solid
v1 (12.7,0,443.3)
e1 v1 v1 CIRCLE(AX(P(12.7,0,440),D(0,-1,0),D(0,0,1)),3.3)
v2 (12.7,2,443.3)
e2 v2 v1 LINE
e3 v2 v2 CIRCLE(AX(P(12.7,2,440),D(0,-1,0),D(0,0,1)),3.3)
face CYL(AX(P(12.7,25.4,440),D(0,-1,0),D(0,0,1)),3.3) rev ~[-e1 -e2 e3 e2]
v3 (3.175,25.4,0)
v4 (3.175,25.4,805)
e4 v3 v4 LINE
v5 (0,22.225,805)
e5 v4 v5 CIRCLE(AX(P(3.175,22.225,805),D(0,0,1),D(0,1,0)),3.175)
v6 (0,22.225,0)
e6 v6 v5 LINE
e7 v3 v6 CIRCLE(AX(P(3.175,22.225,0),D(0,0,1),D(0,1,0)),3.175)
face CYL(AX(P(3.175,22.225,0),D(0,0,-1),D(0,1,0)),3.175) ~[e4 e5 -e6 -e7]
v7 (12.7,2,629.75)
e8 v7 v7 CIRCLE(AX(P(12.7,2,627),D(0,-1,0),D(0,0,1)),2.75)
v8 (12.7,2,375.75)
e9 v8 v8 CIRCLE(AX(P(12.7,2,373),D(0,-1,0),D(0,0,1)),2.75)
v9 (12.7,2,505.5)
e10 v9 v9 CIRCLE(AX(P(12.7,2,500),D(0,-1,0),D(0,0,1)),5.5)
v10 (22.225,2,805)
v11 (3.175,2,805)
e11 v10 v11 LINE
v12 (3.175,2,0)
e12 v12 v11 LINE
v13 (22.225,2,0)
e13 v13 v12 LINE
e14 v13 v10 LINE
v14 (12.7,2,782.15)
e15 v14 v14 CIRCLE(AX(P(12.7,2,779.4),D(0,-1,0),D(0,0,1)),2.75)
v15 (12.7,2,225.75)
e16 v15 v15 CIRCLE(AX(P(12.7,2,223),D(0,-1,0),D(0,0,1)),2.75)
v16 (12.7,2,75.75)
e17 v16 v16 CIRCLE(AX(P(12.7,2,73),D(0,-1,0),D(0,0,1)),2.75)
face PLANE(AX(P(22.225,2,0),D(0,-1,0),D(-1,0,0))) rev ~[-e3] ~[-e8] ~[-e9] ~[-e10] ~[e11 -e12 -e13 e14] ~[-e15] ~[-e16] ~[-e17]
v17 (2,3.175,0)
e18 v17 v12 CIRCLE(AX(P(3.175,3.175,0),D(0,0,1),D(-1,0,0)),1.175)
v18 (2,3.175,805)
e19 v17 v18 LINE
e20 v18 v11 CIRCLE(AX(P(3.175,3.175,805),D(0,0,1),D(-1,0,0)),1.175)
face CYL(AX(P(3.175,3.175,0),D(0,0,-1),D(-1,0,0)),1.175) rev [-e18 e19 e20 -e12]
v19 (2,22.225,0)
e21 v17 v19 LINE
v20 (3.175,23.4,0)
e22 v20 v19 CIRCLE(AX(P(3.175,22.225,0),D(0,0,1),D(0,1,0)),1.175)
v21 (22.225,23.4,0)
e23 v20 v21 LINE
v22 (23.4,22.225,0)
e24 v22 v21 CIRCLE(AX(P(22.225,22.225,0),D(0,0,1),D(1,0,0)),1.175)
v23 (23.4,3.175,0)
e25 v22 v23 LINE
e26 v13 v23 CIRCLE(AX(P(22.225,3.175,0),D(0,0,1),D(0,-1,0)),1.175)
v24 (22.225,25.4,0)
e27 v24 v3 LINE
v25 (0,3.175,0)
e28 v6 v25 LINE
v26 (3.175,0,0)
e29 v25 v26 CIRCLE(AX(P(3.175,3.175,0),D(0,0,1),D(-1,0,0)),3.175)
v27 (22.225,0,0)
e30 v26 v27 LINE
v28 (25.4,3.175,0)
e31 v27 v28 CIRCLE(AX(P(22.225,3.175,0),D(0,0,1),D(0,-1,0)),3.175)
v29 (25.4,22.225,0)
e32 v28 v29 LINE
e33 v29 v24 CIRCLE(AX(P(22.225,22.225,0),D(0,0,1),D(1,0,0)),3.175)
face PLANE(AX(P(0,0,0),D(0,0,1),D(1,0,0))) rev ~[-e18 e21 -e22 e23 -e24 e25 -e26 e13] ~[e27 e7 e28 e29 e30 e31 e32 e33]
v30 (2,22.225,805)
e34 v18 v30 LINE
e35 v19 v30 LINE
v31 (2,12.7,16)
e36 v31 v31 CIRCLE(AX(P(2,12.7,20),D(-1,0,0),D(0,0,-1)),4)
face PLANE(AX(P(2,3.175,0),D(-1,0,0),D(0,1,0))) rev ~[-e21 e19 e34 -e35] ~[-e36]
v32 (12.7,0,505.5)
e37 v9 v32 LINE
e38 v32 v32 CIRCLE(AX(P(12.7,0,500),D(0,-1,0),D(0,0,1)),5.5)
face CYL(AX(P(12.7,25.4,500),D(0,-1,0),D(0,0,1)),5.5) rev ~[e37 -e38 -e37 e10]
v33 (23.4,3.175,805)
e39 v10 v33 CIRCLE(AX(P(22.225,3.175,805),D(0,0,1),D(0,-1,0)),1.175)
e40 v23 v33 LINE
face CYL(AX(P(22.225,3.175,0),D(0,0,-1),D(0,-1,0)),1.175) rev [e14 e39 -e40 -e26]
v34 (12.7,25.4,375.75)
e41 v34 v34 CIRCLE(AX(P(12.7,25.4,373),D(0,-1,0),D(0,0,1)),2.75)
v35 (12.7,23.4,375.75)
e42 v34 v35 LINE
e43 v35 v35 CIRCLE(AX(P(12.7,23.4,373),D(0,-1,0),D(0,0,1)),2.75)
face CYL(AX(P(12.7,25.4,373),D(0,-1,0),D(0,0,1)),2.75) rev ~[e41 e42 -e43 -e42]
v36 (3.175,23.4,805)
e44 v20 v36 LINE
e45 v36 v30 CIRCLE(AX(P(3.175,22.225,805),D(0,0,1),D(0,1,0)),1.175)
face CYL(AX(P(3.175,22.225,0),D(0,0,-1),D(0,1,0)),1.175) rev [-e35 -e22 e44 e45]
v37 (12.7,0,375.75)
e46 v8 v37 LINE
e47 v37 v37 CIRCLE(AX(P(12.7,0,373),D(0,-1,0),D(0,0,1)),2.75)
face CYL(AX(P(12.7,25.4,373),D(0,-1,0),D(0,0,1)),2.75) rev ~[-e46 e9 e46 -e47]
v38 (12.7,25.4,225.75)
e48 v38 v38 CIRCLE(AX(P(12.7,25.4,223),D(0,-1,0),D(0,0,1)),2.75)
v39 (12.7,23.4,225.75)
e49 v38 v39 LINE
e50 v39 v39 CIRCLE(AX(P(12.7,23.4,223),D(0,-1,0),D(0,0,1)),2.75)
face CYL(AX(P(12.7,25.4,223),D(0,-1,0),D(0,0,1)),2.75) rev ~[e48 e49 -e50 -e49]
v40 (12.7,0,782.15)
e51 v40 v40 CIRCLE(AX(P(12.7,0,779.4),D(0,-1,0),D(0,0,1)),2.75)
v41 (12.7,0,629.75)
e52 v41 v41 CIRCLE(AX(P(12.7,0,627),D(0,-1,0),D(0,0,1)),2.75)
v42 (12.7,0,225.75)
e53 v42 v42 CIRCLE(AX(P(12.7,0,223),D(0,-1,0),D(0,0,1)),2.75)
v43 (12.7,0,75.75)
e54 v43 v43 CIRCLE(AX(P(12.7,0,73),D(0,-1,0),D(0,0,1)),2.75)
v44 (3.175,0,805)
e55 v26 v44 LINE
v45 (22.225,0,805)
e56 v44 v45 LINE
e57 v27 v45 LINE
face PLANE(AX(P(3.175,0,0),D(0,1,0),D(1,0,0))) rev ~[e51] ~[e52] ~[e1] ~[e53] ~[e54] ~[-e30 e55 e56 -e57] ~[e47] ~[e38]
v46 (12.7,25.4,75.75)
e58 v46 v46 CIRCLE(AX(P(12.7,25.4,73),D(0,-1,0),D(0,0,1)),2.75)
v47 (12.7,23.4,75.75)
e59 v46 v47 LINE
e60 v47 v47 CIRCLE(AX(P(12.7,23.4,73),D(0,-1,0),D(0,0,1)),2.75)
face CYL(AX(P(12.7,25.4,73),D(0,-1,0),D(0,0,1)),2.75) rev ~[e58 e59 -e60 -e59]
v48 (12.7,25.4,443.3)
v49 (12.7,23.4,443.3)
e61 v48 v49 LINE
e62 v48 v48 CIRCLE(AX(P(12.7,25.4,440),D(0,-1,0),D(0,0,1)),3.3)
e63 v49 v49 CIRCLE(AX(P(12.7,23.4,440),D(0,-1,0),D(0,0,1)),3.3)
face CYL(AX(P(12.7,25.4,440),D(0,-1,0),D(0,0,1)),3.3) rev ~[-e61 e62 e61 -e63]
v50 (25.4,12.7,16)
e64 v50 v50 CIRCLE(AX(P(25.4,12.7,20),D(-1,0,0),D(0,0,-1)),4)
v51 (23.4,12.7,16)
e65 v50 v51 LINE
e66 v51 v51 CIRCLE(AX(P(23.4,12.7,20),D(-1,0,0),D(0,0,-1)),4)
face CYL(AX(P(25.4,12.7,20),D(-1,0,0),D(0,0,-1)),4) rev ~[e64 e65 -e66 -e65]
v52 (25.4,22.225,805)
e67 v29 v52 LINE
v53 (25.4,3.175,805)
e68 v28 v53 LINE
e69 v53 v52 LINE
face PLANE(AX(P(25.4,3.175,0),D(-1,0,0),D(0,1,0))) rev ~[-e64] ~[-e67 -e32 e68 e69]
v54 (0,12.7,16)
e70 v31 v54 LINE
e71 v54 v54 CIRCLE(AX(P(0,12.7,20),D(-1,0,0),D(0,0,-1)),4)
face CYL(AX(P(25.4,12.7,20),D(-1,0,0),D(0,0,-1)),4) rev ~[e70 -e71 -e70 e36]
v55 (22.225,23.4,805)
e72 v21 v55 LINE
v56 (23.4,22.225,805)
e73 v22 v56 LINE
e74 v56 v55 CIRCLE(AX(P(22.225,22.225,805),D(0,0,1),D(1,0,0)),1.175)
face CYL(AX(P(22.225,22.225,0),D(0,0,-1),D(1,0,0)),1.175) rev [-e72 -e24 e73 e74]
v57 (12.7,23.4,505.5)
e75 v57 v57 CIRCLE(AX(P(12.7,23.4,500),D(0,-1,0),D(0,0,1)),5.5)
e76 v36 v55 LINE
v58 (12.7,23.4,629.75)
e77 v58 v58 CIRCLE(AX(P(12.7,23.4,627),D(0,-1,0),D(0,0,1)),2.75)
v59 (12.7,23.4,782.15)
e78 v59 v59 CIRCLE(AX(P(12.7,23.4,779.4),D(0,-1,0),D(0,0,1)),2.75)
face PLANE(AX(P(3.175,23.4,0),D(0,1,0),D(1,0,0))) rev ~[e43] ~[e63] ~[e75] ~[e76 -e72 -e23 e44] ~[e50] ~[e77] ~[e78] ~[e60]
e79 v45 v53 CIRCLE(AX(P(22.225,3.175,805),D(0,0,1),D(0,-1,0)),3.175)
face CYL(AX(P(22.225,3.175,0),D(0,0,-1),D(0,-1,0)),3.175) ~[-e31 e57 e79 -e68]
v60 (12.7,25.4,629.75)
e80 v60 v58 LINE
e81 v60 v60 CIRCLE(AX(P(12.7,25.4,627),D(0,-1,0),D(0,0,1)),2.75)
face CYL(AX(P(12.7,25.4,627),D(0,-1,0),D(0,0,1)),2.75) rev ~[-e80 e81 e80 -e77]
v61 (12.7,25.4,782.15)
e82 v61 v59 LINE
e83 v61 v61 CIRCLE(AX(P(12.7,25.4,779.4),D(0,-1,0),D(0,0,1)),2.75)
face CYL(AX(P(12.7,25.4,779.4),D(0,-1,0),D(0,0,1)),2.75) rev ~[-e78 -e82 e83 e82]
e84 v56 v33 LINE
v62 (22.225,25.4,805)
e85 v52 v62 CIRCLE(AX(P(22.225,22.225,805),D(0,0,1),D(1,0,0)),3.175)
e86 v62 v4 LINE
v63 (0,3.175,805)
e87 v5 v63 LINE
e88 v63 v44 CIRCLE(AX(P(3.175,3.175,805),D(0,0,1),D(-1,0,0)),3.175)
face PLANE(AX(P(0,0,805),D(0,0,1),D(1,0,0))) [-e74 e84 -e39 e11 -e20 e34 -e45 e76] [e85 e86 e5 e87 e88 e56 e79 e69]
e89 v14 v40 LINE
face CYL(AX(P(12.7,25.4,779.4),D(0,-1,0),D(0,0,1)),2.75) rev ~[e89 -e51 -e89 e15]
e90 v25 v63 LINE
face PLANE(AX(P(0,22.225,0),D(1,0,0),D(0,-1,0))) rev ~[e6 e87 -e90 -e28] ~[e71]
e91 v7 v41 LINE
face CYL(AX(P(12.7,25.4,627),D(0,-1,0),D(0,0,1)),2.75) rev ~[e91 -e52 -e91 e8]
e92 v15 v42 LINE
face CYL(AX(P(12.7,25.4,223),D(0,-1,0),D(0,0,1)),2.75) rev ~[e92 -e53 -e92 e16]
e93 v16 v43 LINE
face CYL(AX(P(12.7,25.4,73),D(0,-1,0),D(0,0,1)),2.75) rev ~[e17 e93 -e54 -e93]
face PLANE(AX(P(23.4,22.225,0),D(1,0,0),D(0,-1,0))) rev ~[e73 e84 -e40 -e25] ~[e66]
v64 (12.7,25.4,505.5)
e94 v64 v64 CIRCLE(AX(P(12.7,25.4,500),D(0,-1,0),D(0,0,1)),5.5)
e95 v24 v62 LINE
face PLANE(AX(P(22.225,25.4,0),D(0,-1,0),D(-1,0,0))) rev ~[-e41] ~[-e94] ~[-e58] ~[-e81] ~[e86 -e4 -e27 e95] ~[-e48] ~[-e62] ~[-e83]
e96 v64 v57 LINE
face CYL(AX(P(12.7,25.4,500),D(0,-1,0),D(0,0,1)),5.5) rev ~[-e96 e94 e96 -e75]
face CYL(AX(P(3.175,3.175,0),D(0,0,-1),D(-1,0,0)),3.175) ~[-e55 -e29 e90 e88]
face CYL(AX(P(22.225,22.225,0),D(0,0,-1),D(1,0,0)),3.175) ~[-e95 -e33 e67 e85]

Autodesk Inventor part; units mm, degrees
ref_plane "YZ Plane" through (0, 0, 0) normal (1, 0, 0) x (0, 1, 0)
ref_plane "XZ Plane" through (0, 0, 0) normal (0, 1, 0) x (-1, 0, 0)
ref_plane "XY Plane" through (0, 0, 0) normal (0, 0, 1) x (1, 0, 0)
sketch "Sketch1" plane through (0, 0, 0) normal (0, 0, 1) x (1, 0, 0)
  line L0 (3.175, 0) -> (22.225, 0)
  line L1 (25.4, 3.175) -> (25.4, 22.225)
  line L2 (22.225, 25.4) -> (3.175, 25.4)
  line L3 (0, 22.225) -> (0, 3.175)
  arc A0 (3.175, 25.4) -> (0, 22.225) centre (3.175, 22.225) ccw
  arc A1 (0, 3.175) -> (3.175, 0) centre (3.175, 3.175) ccw
  arc A2 (22.225, 0) -> (25.4, 3.175) centre (22.225, 3.175) ccw
  arc A3 (25.4, 22.225) -> (22.225, 25.4) centre (22.225, 22.225) ccw
  line L4 (3.175, 23.4) -> (22.225, 23.4)
  arc A4 (23.4, 22.225) -> (22.225, 23.4) centre (22.225, 22.225) ccw
  line L5 (23.4, 22.225) -> (23.4, 3.175)
  arc A5 (22.225, 2) -> (23.4, 3.175) centre (22.225, 3.175) ccw
  line L6 (22.225, 2) -> (3.175, 2)
  arc A6 (2, 3.175) -> (3.175, 2) centre (3.175, 3.175) ccw
  line L7 (2, 3.175) -> (2, 22.225)
  arc A7 (3.175, 23.4) -> (2, 22.225) centre (3.175, 22.225) ccw
  point P0 (0, 0)
  point P1 (25.4, 0)
  point P2 (0, 25.4)
  dimension "d0" = 25.4
  dimension "d1" = 25.4
  dimension "d2" = 3.175
  dimension "d3" = 2
extrude "Extrusion1" add sketch "Sketch1" along normal blind 1000
sketch "Sketch11" plane through (3.175, 25.4, 1000) normal (0, 1, 0) x (1, 0, 0)
  circle A0 centre (9.525, 500) radius 4.7917
  point P0 (-3.175, 1000)
hole "centerHole" at (12.7, 25.4, 500) direction (0, -1, 0) diameter 11 end through all clearance for "Flat Head Machine Screw" size "M10" standard "Ansi Metric M Profile"
sketch "Sketch12" plane through (3.175, 25.4, 1000) normal (0, 1, 0) x (1, 0, 0)
  line L0 (0, 1000) -> (0, 0) projected
  circle A0 centre (9.525, 927) radius 1.5875
  circle A1 centre (9.525, 777) radius 1.5875
  circle A2 centre (9.525, 627) radius 1.5875
  circle A3 centre (9.525, 500) radius 5.5 projected
  point P0 (-3.175, 1000)
  dimension "d76" = 3.175
  dimension "d80" = 150
  dimension "d140" = 127
hole "longSideHoles" at (12.7, 25.4, 73) at (12.7, 25.4, 223) at (12.7, 25.4, 373) direction (0, -1, 0) diameter 5.5 end through all
sketch "Sketch13" plane through (3.175, 25.4, 1000) normal (0, 1, 0) x (1, 0, 0)
  line L0 (0, 1000) -> (0, 0) projected
  circle A0 centre (9.525, 68.2) radius 1.5875
  circle A1 centre (9.525, 220.6) radius 1.5875
  circle A2 centre (9.525, 373) radius 1.5875
  circle A3 centre (9.525, 500) radius 5.5 projected
  point P0 (-3.175, 1000)
  dimension "d96" = 152.4
  dimension "d137" = 127
  dimension "d138" = 152.4
hole "shortSideHoles" at (12.7, 25.4, 627) at (12.7, 25.4, 779.4) at (12.7, 25.4, 931.8) direction (0, -1, 0) diameter 5.5 end through all
sketch "Sketch14" plane through (25.4, 22.225, 1000) normal (1, 0, 0) x (0, 0, -1)
  line L0 (1000, -19.05) -> (1000, 0) projected
  line L1 (0, -19.05) -> (0, 0) projected
  circle A0 centre (30, -9.525) radius 4.7625
  circle A1 centre (980, -9.525) radius 4.7625
  point P0 (1000, -22.225)
  dimension "d108" = 9.525
  dimension "d109" = 30
  dimension "d110" = 9.525
  dimension "d111" = 20
hole "shackleHole" at (25.4, 12.7, 970) at (25.4, 12.7, 20) direction (-1, 0, 0) diameter 8 end through all
sketch "Sketch15" plane through (3.175, 25.4, 1000) normal (0, 1, 0) x (1, 0, 0)
  circle A0 centre (9.525, 500) radius 5.5 projected
  circle A1 centre (9.525, 560) radius 3.175
  point P0 (-3.175, 1000)
  dimension "d119" = 6.35
  dimension "d120" = 60
hole "collarHole" at (12.7, 25.4, 440) direction (0, -1, 0) diameter 6.6 end through all clearance for "Flat Head Machine Screw" size "M6" standard "Ansi Metric M Profile"
sketch "Sketch16" plane through (0, 0, 1000) normal (0, 0, 1) x (1, 0, 0)
  arc A0 (23.4, 22.225) -> (22.225, 23.4) centre (22.225, 22.225) ccw projected
  line L0 (23.4, 22.225) -> (23.4, 3.175) projected
  arc A1 (22.225, 2) -> (23.4, 3.175) centre (22.225, 3.175) ccw projected
  line L1 (22.225, 2) -> (3.175, 2) projected
  arc A2 (2, 3.175) -> (3.175, 2) centre (3.175, 3.175) ccw projected
  line L2 (2, 3.175) -> (2, 22.225) projected
  arc A3 (3.175, 23.4) -> (2, 22.225) centre (3.175, 22.225) ccw projected
  line L3 (3.175, 23.4) -> (22.225, 23.4) projected
  line L4 (0, 22.225) -> (0, 3.175) projected
  arc A4 (0, 3.175) -> (3.175, 0) centre (3.175, 3.175) ccw projected
  line L5 (3.175, 0) -> (22.225, 0) projected
  arc A5 (22.225, 0) -> (25.4, 3.175) centre (22.225, 3.175) ccw projected
  line L6 (25.4, 3.175) -> (25.4, 22.225) projected
  arc A6 (25.4, 22.225) -> (22.225, 25.4) centre (22.225, 22.225) ccw projected
  line L7 (22.225, 25.4) -> (3.175, 25.4) projected
  arc A7 (3.175, 25.4) -> (0, 22.225) centre (3.175, 22.225) ccw projected
  point P0 (0, 0)
extrude "removeSide" cut sketch "Sketch16" against normal blind 195
equation "\"d0\" = tube"
equation "\"d1\" = tube"
equation "\"tube\" = 25.4"
properties part number "2f2al" material "Steel"
